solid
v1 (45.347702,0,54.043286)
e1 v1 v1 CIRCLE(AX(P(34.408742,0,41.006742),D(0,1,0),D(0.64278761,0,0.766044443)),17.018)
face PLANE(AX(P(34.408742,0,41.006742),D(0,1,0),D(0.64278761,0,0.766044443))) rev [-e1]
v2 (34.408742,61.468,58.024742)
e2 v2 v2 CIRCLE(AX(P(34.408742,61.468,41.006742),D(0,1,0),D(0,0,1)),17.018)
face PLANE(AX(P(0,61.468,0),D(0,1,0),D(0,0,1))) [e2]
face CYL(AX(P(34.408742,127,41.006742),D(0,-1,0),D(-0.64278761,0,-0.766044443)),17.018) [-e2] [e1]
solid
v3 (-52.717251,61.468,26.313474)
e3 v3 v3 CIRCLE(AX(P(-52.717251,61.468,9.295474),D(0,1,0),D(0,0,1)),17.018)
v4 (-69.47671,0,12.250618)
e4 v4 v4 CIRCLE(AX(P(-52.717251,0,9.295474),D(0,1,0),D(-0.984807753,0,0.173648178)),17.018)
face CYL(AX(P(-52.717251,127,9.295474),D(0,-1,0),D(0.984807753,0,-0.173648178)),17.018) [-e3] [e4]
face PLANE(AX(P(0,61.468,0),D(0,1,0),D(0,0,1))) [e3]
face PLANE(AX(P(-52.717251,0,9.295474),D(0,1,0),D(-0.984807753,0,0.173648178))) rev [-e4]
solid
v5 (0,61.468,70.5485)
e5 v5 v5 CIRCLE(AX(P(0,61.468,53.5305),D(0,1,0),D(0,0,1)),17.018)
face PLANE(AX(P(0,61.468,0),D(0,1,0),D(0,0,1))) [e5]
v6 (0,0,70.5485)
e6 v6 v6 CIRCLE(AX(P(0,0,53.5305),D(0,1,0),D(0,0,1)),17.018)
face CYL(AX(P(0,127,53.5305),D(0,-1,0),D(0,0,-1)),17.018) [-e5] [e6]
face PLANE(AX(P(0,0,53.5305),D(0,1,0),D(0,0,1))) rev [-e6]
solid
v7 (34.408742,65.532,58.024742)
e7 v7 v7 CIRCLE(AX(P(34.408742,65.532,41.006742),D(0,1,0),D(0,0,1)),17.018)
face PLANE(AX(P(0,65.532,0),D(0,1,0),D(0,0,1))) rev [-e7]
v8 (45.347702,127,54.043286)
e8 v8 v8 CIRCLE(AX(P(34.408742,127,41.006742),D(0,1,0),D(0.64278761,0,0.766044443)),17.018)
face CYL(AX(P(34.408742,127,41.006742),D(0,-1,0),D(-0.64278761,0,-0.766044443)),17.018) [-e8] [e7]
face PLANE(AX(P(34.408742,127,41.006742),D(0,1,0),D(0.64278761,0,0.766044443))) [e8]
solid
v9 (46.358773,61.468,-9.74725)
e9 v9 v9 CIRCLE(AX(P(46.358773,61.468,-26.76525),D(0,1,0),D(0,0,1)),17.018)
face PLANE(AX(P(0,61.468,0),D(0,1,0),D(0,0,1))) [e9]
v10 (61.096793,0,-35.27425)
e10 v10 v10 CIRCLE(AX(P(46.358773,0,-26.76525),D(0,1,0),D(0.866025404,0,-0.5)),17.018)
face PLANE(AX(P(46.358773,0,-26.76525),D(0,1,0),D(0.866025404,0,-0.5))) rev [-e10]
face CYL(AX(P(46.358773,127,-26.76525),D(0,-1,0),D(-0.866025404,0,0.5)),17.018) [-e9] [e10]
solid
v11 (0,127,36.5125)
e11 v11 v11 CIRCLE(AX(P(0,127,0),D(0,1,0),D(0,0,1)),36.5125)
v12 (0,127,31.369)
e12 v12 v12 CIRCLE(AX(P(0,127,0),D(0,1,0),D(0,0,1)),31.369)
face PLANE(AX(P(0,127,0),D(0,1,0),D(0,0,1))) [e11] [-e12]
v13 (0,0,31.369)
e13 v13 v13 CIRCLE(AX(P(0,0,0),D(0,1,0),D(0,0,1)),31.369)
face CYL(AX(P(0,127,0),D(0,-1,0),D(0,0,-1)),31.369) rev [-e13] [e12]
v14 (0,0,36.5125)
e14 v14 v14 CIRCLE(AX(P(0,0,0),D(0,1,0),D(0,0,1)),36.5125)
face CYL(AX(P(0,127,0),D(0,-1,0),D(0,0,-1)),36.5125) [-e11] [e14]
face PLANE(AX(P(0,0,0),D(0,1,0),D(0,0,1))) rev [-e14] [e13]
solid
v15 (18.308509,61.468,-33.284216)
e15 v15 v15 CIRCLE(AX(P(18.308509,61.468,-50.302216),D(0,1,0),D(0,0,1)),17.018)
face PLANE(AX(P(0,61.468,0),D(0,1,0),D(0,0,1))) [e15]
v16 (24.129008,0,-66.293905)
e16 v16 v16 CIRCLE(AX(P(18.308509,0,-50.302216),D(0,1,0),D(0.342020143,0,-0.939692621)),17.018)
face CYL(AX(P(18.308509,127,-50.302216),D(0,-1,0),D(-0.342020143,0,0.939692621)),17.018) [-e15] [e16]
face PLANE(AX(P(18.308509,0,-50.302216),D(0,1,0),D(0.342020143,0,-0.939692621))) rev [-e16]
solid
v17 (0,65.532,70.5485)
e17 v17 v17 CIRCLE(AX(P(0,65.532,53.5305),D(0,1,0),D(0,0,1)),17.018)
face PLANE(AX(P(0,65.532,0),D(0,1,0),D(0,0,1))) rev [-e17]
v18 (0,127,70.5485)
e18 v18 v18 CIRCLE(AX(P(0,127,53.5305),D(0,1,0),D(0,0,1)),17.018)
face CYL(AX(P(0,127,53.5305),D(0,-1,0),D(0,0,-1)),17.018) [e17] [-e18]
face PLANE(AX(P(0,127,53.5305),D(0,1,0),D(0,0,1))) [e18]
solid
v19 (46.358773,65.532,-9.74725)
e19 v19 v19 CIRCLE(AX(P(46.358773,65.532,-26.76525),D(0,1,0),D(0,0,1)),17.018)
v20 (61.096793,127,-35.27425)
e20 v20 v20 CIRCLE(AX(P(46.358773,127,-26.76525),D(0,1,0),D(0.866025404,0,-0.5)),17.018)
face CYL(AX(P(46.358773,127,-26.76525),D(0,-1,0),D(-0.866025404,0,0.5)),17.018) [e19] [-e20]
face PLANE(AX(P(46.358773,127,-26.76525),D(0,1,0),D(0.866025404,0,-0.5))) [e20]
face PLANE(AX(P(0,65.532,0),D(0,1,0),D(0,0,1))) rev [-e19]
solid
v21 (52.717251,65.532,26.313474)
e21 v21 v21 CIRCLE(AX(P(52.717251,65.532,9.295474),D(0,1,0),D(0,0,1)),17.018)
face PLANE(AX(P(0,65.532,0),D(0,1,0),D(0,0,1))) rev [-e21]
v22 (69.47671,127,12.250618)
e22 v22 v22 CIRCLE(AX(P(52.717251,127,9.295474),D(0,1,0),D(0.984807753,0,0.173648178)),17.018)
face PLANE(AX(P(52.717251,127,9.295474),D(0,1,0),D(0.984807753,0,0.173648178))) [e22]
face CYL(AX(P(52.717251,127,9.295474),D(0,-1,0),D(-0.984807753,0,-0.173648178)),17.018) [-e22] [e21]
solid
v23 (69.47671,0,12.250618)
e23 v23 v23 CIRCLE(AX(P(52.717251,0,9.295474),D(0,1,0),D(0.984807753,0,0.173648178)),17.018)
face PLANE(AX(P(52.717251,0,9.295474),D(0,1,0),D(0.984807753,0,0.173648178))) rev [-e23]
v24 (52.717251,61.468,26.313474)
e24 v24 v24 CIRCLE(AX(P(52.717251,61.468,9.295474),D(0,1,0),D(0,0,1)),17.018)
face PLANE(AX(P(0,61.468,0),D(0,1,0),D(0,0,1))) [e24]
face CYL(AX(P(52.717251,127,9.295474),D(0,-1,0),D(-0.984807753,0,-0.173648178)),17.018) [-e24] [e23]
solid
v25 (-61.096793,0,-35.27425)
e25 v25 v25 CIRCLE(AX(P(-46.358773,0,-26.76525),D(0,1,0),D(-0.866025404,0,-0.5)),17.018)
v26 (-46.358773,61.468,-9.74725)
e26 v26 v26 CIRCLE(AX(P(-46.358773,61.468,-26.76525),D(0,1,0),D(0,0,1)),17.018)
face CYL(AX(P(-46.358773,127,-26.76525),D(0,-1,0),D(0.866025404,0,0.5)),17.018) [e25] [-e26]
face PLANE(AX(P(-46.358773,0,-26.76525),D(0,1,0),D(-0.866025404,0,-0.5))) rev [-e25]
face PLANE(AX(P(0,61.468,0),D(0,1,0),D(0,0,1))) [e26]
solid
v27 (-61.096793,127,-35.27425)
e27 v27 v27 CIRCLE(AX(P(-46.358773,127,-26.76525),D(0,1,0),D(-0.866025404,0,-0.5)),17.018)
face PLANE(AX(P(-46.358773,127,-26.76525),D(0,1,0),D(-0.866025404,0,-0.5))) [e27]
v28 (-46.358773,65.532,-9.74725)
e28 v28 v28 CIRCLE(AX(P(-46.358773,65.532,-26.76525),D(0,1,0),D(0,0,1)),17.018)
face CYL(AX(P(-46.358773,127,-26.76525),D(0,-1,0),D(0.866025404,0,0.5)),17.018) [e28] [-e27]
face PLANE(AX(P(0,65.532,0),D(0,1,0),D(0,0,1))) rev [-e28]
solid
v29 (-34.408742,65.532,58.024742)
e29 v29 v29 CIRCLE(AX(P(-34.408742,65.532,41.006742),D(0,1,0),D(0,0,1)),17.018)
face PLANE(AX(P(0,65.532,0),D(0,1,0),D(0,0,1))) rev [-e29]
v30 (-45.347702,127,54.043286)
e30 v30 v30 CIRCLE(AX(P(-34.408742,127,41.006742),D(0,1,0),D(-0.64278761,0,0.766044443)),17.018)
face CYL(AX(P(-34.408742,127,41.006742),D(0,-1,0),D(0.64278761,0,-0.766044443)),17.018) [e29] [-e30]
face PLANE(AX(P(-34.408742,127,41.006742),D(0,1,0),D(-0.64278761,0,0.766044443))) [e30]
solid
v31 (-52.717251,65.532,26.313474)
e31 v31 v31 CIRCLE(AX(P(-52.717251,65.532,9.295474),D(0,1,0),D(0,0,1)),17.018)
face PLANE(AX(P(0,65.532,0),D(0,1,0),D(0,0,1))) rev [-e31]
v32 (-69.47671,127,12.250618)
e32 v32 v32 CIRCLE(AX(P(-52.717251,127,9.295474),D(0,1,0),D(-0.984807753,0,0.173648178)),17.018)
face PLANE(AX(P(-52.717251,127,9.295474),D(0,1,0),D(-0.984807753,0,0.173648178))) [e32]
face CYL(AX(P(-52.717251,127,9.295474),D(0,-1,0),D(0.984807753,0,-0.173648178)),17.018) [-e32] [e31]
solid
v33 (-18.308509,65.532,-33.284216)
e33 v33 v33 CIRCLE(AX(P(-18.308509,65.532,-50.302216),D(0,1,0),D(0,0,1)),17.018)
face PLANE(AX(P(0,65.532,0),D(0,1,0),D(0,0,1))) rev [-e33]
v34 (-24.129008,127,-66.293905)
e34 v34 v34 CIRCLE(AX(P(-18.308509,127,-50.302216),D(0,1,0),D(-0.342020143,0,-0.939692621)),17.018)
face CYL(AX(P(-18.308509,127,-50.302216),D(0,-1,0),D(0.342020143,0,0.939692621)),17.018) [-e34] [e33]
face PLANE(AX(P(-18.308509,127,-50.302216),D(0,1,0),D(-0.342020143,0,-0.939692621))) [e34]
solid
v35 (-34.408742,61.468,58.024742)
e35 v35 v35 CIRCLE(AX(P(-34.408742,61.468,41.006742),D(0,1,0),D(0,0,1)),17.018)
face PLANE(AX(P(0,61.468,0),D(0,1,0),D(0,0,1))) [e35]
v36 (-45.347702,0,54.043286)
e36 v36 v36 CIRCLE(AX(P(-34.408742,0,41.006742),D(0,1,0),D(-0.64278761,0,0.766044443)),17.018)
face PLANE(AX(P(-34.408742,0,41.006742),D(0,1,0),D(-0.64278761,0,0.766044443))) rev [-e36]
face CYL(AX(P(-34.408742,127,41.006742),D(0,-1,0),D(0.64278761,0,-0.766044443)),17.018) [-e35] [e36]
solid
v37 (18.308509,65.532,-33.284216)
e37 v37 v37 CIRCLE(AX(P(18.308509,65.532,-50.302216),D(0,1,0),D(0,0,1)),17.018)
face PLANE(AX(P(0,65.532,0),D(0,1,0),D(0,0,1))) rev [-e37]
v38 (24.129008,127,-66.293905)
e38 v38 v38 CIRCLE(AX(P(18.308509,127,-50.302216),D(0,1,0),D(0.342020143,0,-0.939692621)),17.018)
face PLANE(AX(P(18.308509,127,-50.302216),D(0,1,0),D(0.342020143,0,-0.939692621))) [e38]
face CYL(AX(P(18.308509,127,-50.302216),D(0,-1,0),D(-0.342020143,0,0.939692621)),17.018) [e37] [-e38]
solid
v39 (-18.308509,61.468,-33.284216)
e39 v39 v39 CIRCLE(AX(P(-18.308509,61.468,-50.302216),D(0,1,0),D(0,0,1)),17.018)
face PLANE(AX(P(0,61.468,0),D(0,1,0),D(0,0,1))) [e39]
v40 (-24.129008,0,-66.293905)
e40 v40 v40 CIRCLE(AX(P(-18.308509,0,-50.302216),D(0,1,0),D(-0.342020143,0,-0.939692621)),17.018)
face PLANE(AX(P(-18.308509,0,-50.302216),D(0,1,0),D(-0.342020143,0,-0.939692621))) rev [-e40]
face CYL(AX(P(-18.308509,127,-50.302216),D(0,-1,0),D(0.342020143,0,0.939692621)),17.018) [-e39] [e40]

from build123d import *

# Parameters (mm, degrees)
SKETCH1_R               = 36.5125
SKETCH1_R_2             = 31.369
BOSS_EXTRUDE1_DEPTH     = 127
SKETCH2_R               = 17.018
BOSS_EXTRUDE2_DEPTH     = 127
CIRPATTERN3_COUNT       = 9
CUT_EXTRUDE1_DEPTH      = 2.032
CUT_EXTRUDE1_DEPTH_BACK = 2.032
SKETCH5_R               = 70.5485
SKETCH5_R_2             = 36.5125


with BuildPart() as part:
    # Sketch1 → Boss-Extrude1 (new body)
    with BuildSketch(Plane(origin=(0, 0, 0), x_dir=(1, 0, 0), z_dir=(0, 1, 0))):
        with Locations(Location((0, 0, 0), (0, 0, 270))):
            Circle(SKETCH1_R)
        with Locations(Location((0, 0, 0), (0, 0, 270))):
            Circle(SKETCH1_R_2, mode=Mode.SUBTRACT)
    extrude(amount=BOSS_EXTRUDE1_DEPTH)


with BuildPart() as body_2:
    # Sketch2 → Boss-Extrude2 (new body)
    with BuildSketch(Plane(origin=(0, 0, 0), x_dir=(1, 0, 0), z_dir=(0, 1, 0))):
        with Locations(Location((0, -53.5305, 0), (0, 0, 270))):
            Circle(SKETCH2_R)
    extrude(amount=BOSS_EXTRUDE2_DEPTH)


with BuildPart() as cirpattern3_1:
    # CirPattern3: pattern copy
    add(body_2.part.rotate(Axis((0, 0, 0), (0, 1, 0)), 1 * 360 / CIRPATTERN3_COUNT))


with BuildPart() as cirpattern3_2:
    # CirPattern3: pattern copy
    add(body_2.part.rotate(Axis((0, 0, 0), (0, 1, 0)), 2 * 360 / CIRPATTERN3_COUNT))


with BuildPart() as cirpattern3_3:
    # CirPattern3: pattern copy
    add(body_2.part.rotate(Axis((0, 0, 0), (0, 1, 0)), 3 * 360 / CIRPATTERN3_COUNT))


with BuildPart() as cirpattern3_4:
    # CirPattern3: pattern copy
    add(body_2.part.rotate(Axis((0, 0, 0), (0, 1, 0)), 4 * 360 / CIRPATTERN3_COUNT))


with BuildPart() as cirpattern3_5:
    # CirPattern3: pattern copy
    add(body_2.part.rotate(Axis((0, 0, 0), (0, 1, 0)), 5 * 360 / CIRPATTERN3_COUNT))


with BuildPart() as cirpattern3_6:
    # CirPattern3: pattern copy
    add(body_2.part.rotate(Axis((0, 0, 0), (0, 1, 0)), 6 * 360 / CIRPATTERN3_COUNT))


with BuildPart() as cirpattern3_7:
    # CirPattern3: pattern copy
    add(body_2.part.rotate(Axis((0, 0, 0), (0, 1, 0)), 7 * 360 / CIRPATTERN3_COUNT))


with BuildPart() as cirpattern3_8:
    # CirPattern3: pattern copy
    add(body_2.part.rotate(Axis((0, 0, 0), (0, 1, 0)), 8 * 360 / CIRPATTERN3_COUNT))


with BuildPart() as cut_extrude1_tool:
    # Sketch5 → Cut-Extrude1 (new, two sides: drawn at the far end of the back side and taken through both)
    with BuildSketch(Plane(origin=(0, 63.5, 0), x_dir=(1, 0, 0), z_dir=(0, 1, 0)).offset(-CUT_EXTRUDE1_DEPTH_BACK)):
        Circle(SKETCH5_R)
        with Locations(Location((0, 0, 0), (0, 0, 270))):
            Circle(SKETCH5_R_2, mode=Mode.SUBTRACT)
    extrude(amount=CUT_EXTRUDE1_DEPTH + CUT_EXTRUDE1_DEPTH_BACK)


with BuildPart() as body_2_1:
    add(body_2.part)

    # Cut-Extrude1: cut by cut_extrude1_tool
    add(cut_extrude1_tool.part, mode=Mode.SUBTRACT)


with BuildPart() as cirpattern3_1_1:
    add(cirpattern3_1.part)

    # Cut-Extrude1: cut by cut_extrude1_tool
    add(cut_extrude1_tool.part, mode=Mode.SUBTRACT)


with BuildPart() as cirpattern3_2_1:
    add(cirpattern3_2.part)

    # Cut-Extrude1: cut by cut_extrude1_tool
    add(cut_extrude1_tool.part, mode=Mode.SUBTRACT)


with BuildPart() as cirpattern3_3_1:
    add(cirpattern3_3.part)

    # Cut-Extrude1: cut by cut_extrude1_tool
    add(cut_extrude1_tool.part, mode=Mode.SUBTRACT)


with BuildPart() as cirpattern3_4_1:
    add(cirpattern3_4.part)

    # Cut-Extrude1: cut by cut_extrude1_tool
    add(cut_extrude1_tool.part, mode=Mode.SUBTRACT)


with BuildPart() as cirpattern3_5_1:
    add(cirpattern3_5.part)

    # Cut-Extrude1: cut by cut_extrude1_tool
    add(cut_extrude1_tool.part, mode=Mode.SUBTRACT)


with BuildPart() as cirpattern3_6_1:
    add(cirpattern3_6.part)

    # Cut-Extrude1: cut by cut_extrude1_tool
    add(cut_extrude1_tool.part, mode=Mode.SUBTRACT)


with BuildPart() as cirpattern3_7_1:
    add(cirpattern3_7.part)

    # Cut-Extrude1: cut by cut_extrude1_tool
    add(cut_extrude1_tool.part, mode=Mode.SUBTRACT)


with BuildPart() as cirpattern3_8_1:
    add(cirpattern3_8.part)

    # Cut-Extrude1: cut by cut_extrude1_tool
    add(cut_extrude1_tool.part, mode=Mode.SUBTRACT)


solid = Compound([part.part, body_2_1.part, cirpattern3_1_1.part, cirpattern3_2_1.part, cirpattern3_3_1.part, cirpattern3_4_1.part, cirpattern3_5_1.part, cirpattern3_6_1.part, cirpattern3_7_1.part, cirpattern3_8_1.part])
